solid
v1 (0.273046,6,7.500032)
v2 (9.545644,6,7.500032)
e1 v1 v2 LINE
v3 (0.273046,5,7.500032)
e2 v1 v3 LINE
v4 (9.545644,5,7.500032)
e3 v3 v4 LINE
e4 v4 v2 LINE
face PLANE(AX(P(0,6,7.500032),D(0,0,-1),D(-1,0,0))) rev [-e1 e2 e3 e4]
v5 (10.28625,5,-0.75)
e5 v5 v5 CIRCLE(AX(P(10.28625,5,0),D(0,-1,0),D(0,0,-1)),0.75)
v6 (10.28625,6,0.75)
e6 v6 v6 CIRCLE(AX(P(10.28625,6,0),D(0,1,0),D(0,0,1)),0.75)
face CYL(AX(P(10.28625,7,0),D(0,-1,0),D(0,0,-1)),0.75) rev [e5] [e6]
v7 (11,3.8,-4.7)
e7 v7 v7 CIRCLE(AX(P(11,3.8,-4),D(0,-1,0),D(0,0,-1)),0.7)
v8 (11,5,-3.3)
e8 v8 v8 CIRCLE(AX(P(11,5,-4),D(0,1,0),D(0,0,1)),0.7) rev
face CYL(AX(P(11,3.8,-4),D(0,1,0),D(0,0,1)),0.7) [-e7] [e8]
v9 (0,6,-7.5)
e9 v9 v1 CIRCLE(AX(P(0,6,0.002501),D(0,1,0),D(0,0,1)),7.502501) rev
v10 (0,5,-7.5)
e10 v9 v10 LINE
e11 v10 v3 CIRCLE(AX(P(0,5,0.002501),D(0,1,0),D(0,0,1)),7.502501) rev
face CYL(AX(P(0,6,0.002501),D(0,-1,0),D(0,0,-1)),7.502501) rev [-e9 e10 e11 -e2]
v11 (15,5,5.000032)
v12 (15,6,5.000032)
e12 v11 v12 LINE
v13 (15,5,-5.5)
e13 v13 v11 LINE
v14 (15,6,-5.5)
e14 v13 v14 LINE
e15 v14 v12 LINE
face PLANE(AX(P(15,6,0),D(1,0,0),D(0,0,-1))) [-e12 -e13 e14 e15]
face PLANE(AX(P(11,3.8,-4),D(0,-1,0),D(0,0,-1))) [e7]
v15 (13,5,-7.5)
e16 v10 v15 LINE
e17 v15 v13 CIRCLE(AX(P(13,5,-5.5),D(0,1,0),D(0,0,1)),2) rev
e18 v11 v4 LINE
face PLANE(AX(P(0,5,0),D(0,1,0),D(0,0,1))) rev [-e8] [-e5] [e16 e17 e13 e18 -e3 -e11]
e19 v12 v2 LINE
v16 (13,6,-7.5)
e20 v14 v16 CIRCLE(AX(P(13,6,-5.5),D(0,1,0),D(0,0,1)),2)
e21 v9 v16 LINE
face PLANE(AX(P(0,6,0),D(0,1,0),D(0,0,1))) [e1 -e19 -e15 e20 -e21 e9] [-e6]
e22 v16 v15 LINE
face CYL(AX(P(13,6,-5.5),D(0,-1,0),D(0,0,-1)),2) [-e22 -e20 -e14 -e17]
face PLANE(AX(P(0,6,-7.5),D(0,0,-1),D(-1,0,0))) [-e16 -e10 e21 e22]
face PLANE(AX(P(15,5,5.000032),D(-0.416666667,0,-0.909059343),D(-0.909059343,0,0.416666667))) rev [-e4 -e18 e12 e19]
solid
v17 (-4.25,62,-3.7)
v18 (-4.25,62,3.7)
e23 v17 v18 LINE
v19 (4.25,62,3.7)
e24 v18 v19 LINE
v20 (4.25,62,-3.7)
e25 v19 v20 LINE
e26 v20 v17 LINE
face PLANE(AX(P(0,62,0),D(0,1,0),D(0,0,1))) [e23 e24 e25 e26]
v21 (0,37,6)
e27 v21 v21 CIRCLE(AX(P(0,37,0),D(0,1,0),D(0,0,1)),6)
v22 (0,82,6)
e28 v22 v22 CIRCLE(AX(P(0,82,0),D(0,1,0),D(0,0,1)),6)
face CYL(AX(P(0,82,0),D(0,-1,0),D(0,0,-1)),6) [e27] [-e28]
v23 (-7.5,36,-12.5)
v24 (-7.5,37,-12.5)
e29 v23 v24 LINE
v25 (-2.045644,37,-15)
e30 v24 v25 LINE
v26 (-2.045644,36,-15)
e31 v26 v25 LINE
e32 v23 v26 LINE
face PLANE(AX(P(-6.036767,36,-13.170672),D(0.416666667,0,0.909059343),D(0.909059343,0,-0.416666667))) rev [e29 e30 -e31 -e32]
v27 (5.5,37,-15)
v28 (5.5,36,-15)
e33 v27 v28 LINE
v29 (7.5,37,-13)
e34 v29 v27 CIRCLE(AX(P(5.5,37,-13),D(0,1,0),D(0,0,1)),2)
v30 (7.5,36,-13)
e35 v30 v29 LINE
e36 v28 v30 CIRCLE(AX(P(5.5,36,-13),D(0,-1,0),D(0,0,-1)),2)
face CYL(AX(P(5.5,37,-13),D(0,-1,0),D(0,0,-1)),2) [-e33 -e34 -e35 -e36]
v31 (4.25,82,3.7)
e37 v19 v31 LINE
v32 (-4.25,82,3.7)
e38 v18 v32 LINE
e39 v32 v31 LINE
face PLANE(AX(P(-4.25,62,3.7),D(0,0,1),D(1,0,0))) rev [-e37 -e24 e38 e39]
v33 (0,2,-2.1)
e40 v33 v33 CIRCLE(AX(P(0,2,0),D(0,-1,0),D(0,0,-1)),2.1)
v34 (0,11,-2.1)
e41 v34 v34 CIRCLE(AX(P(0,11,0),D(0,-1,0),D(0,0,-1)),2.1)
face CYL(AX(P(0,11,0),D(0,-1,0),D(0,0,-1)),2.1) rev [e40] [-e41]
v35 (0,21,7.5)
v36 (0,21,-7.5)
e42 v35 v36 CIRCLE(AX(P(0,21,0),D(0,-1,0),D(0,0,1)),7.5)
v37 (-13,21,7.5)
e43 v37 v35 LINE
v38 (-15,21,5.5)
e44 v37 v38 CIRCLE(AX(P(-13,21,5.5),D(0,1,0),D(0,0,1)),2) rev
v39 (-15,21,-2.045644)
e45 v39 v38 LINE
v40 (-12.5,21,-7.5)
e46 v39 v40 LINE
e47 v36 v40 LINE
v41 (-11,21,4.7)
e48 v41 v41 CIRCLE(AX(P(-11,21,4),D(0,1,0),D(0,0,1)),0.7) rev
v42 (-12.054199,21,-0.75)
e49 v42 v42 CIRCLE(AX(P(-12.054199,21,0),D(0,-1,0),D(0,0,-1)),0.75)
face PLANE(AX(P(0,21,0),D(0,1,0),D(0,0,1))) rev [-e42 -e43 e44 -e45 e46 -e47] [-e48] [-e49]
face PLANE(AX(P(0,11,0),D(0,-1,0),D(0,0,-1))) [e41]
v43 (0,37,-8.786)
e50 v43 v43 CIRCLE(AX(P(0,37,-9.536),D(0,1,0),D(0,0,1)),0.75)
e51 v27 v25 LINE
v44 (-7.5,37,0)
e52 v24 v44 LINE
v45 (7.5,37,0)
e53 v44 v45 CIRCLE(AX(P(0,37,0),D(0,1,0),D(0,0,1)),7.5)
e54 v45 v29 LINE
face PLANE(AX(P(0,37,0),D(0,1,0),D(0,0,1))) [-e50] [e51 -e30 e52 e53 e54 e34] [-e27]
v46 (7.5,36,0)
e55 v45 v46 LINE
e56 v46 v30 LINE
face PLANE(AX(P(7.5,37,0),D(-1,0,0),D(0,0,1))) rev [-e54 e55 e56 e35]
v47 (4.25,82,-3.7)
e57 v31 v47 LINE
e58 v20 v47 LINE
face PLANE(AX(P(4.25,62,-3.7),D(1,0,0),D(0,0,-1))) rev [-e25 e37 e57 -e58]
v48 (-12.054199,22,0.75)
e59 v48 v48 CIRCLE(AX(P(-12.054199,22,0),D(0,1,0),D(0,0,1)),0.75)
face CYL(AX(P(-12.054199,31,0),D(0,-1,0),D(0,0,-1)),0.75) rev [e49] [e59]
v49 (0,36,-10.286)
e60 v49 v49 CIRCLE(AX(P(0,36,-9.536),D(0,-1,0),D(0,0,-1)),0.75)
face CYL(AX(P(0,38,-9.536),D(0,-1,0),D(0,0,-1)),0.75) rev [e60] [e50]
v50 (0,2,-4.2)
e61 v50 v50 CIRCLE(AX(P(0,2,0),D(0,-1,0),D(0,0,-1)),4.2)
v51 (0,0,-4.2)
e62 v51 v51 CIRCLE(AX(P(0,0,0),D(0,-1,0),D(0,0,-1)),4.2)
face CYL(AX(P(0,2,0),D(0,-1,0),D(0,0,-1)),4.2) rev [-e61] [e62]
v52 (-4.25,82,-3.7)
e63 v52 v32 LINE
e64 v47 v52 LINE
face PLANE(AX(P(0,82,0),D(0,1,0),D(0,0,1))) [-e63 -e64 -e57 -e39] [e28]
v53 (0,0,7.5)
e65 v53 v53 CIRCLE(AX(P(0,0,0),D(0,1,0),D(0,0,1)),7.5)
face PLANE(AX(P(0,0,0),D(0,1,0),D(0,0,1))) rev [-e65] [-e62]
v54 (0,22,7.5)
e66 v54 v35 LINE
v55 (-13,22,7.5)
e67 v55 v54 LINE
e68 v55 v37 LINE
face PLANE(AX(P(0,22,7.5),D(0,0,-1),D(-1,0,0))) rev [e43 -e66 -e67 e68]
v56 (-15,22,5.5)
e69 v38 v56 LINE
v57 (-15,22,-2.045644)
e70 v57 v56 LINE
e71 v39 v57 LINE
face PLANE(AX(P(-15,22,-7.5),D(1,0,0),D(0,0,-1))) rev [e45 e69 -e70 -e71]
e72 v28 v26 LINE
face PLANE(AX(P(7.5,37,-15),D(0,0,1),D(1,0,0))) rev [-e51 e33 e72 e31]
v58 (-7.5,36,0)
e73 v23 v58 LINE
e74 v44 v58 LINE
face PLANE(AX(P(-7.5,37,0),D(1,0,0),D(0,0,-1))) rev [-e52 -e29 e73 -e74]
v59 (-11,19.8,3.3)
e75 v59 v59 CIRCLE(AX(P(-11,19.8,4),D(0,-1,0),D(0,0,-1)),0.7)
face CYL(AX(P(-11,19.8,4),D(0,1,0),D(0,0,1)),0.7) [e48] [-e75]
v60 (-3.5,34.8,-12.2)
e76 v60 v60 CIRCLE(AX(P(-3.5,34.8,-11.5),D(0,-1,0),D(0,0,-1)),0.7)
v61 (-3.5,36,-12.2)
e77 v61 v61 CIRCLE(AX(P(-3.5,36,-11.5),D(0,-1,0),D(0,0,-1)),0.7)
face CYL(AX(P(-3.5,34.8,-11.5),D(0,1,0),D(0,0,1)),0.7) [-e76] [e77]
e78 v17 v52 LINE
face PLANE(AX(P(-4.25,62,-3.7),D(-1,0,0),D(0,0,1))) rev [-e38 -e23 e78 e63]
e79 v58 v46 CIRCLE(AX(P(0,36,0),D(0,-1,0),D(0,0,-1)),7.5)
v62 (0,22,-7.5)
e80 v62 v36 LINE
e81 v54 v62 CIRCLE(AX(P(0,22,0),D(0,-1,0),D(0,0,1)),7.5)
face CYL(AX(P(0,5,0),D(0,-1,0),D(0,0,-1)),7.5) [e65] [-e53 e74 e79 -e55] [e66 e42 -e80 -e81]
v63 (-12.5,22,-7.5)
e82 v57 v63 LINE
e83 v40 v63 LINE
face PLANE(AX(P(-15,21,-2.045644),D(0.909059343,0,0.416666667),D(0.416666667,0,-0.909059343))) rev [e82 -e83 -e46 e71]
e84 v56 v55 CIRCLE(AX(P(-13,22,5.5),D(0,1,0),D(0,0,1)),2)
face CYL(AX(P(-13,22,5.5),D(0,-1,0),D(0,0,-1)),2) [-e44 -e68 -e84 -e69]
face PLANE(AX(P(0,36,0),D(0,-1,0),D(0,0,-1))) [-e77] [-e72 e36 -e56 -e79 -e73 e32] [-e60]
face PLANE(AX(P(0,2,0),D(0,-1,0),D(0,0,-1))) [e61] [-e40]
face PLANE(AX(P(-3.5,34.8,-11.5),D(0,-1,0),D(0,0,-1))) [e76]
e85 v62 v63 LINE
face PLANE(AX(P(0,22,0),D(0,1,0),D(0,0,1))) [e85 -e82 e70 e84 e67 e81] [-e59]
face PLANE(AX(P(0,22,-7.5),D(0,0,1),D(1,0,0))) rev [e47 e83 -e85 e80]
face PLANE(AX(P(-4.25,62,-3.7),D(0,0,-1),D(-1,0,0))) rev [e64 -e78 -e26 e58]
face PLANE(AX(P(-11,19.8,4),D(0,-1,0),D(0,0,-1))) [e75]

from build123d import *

# Parameters (mm, degrees)
SKETCH1_R            = 7.5
BOSS_EXTRUDE6_DEPTH  = 5
BOSS_EXTRUDE7_DEPTH  = 1
SKETCH22_R           = 7.5
BOSS_EXTRUDE12_DEPTH = 8
SKETCH30_R           = 4.2
CUT_EXTRUDE8_DEPTH   = 2
SKETCH31_R           = 2.1
CUT_EXTRUDE9_DEPTH   = 9
SKETCH33_R           = 7.5
BOSS_EXTRUDE19_DEPTH = 8
BOSS_EXTRUDE20_DEPTH = 1
SKETCH35_R           = 7.5
BOSS_EXTRUDE21_DEPTH = 15
BOSS_EXTRUDE22_DEPTH = 1
SKETCH37_R           = 7.5
BOSS_EXTRUDE23_DEPTH = 1
SKETCH38_R           = 6
BOSS_EXTRUDE24_DEPTH = 45
CUT_EXTRUDE11_DEPTH  = 1
CUT_EXTRUDE12_DEPTH  = 1
CUT_EXTRUDE13_DEPTH  = 1
SKETCH44_W           = 8.5
SKETCH44_H           = 7.4
CUT_EXTRUDE19_DEPTH  = 20
FILLET3_R            = 2
FILLET4_R            = 2
FILLET5_R            = 2
SKETCH51_R           = 0.7
BOSS_EXTRUDE25_DEPTH = 1.2
SKETCH53_R           = 0.7
BOSS_EXTRUDE27_DEPTH = 1.2
SKETCH52_R           = 0.7
BOSS_EXTRUDE28_DEPTH = 1.2
SKETCH59_R           = 0.75
CUT_EXTRUDE23_DEPTH  = 2
SKETCH60_R           = 0.75
CUT_EXTRUDE25_DEPTH  = 2
SKETCH58_R           = 0.75
CUT_EXTRUDE29_DEPTH  = 10


with BuildPart() as part:
    # Sketch1 → Boss-Extrude6 (new body)
    with BuildSketch(Plane(origin=(0, 0, 0), x_dir=(1, 0, 0), z_dir=(0, 1, 0))):
        Circle(SKETCH1_R)
    extrude(amount=BOSS_EXTRUDE6_DEPTH)

    # Sketch22 → Boss-Extrude12 (add)
    with BuildSketch(Plane(origin=(0, 5, 0), x_dir=(1, 0, 0), z_dir=(0, 1, 0))):
        Circle(SKETCH22_R)
    extrude(amount=BOSS_EXTRUDE12_DEPTH)

    # Sketch30 → Cut-Extrude8 (cut)
    with BuildSketch(Plane.XZ):
        Circle(SKETCH30_R)
    extrude(amount=-CUT_EXTRUDE8_DEPTH, mode=Mode.SUBTRACT)

    # Sketch31 → Cut-Extrude9 (cut)
    with BuildSketch(Plane.XZ.offset(-2)):
        Circle(SKETCH31_R)
    extrude(amount=-CUT_EXTRUDE9_DEPTH, mode=Mode.SUBTRACT)

    # Sketch33 → Boss-Extrude19 (add)
    with BuildSketch(Plane(origin=(0, 13, 0), x_dir=(1, 0, 0), z_dir=(0, 1, 0))):
        Circle(SKETCH33_R)
    extrude(amount=BOSS_EXTRUDE19_DEPTH)



with BuildPart() as body_2:
    # Sketch16 → Boss-Extrude7 (new body)
    with BuildSketch(Plane(origin=(0, 5, 0), x_dir=(1, 0, 0), z_dir=(0, 1, 0))):
        with BuildLine():
            Line((15, 7.5), (0, 7.5))
            ThreePointArc((0, 7.5), (7.501258216, 0.134044682), (0.2730459, -7.500031508))
            Line((0.2730459, -7.500031508), (15, -7.500031508))
            Line((15, -7.500031508), (15, 7.5))
        make_face()
    extrude(amount=BOSS_EXTRUDE7_DEPTH)

    # Sketch41 → Cut-Extrude12 (cut)
    with BuildSketch(Plane(origin=(0, 6, 0), x_dir=(1, 0, 0), z_dir=(0, 1, 0))):
        Polygon((15, -5.000031508), (9.545643943, -7.500031508), (15, -7.500031508), align=None)
    extrude(amount=-CUT_EXTRUDE12_DEPTH, mode=Mode.SUBTRACT)

    # Fillet3
    fillet3_edges = [body_2.edges().sort_by_distance(p)[0] for p in [
        (15, 5.5, -7.5),
    ]]
    fillet(fillet3_edges, radius=FILLET3_R)

    # Sketch51 → Boss-Extrude25 (add)
    with BuildSketch(Plane.XZ.offset(-5)):
        with Locations((11, -4)):
            Circle(SKETCH51_R)
    extrude(amount=BOSS_EXTRUDE25_DEPTH)

    # Sketch60 → Cut-Extrude25 (cut)
    with BuildSketch(Plane.XZ.offset(-5)):
        with Locations((10.286249768, 0)):
            Circle(SKETCH60_R)
    extrude(amount=-CUT_EXTRUDE25_DEPTH, mode=Mode.SUBTRACT)


with BuildPart() as body_3:
    # Sketch34 → Boss-Extrude20 (new body)
    with BuildSketch(Plane(origin=(0, 21, 0), x_dir=(1, 0, 0), z_dir=(0, 1, 0))):
        with BuildLine():
            Line((0, 7.5), (-15, 7.5))
            Line((-15, 7.5), (-15, -7.5))
            Line((-15, -7.5), (0, -7.5))
            ThreePointArc((0, -7.5), (-7.5, 0), (0, 7.5))
        make_face()
    extrude(amount=BOSS_EXTRUDE20_DEPTH)


with BuildPart() as part_1:
    add(part.part)

    add(body_3.part)  # Boss-Extrude21 merges body 3
    # Sketch35 → Boss-Extrude21 (add)
    with BuildSketch(Plane(origin=(0, 21, 0), x_dir=(1, 0, 0), z_dir=(0, 1, 0))):
        Circle(SKETCH35_R)
    extrude(amount=BOSS_EXTRUDE21_DEPTH)



with BuildPart() as body_3_2:
    # Sketch36 → Boss-Extrude22 (new body)
    with BuildSketch(Plane(origin=(0, 36, 0), x_dir=(1, 0, 0), z_dir=(0, 1, 0))):
        with BuildLine():
            Line((7.5, 0), (7.5, 15))
            Line((7.5, 15), (-7.5, 15))
            Line((-7.5, 15), (-7.5, 0))
            ThreePointArc((-7.5, 0), (0, 7.5), (7.5, 0))
        make_face()
    extrude(amount=BOSS_EXTRUDE22_DEPTH)


with BuildPart() as part_2:
    add(part_1.part)

    add(body_3_2.part)  # Boss-Extrude23 merges body 3 2
    # Sketch37 → Boss-Extrude23 (add)
    with BuildSketch(Plane(origin=(0, 36, 0), x_dir=(1, 0, 0), z_dir=(0, 1, 0))):
        Circle(SKETCH37_R)
    extrude(amount=BOSS_EXTRUDE23_DEPTH)

    # Sketch38 → Boss-Extrude24 (add)
    with BuildSketch(Plane(origin=(0, 37, 0), x_dir=(1, 0, 0), z_dir=(0, 1, 0))):
        Circle(SKETCH38_R)
    extrude(amount=BOSS_EXTRUDE24_DEPTH)

    # Sketch40 → Cut-Extrude11 (cut)
    with BuildSketch(Plane(origin=(0, 37, 0), x_dir=(1, 0, 0), z_dir=(0, 1, 0))):
        Polygon((-7.5, 15), (-7.5, 12.5), (-2.045643943, 15), align=None)
    extrude(amount=-CUT_EXTRUDE11_DEPTH, mode=Mode.SUBTRACT)

    # Sketch42 → Cut-Extrude13 (cut)
    with BuildSketch(Plane(origin=(0, 22, 0), x_dir=(1, 0, 0), z_dir=(0, 1, 0))):
        Polygon((-15, 2.045643943), (-12.5, 7.5), (-15, 7.5), align=None)
    extrude(amount=-CUT_EXTRUDE13_DEPTH, mode=Mode.SUBTRACT)

    # Sketch44 → Cut-Extrude19 (cut)
    with BuildSketch(Plane(origin=(0, 82, 0), x_dir=(1, 0, 0), z_dir=(0, 1, 0))):
        Rectangle(SKETCH44_W, SKETCH44_H)
    extrude(amount=-CUT_EXTRUDE19_DEPTH, mode=Mode.SUBTRACT)

    # Fillet4
    fillet4_edges = [part_2.edges().sort_by_distance(p)[0] for p in [
        (-15, 21.5, 7.5),
    ]]
    fillet(fillet4_edges, radius=FILLET4_R)

    # Fillet5
    fillet5_edges = [part_2.edges().sort_by_distance(p)[0] for p in [
        (7.5, 36.5, -15),
    ]]
    fillet(fillet5_edges, radius=FILLET5_R)

    # Sketch53 → Boss-Extrude27 (add)
    with BuildSketch(Plane.XZ.offset(-36)):
        with Locations((-3.5, -11.5)):
            Circle(SKETCH53_R)
    extrude(amount=BOSS_EXTRUDE27_DEPTH)

    # Sketch52 → Boss-Extrude28 (add)
    with BuildSketch(Plane.XZ.offset(-21)):
        with Locations((-11, 4)):
            Circle(SKETCH52_R)
    extrude(amount=BOSS_EXTRUDE28_DEPTH)

    # Sketch59 → Cut-Extrude23 (cut)
    with BuildSketch(Plane.XZ.offset(-36)):
        with Locations((0, -9.535999741)):
            Circle(SKETCH59_R)
    extrude(amount=-CUT_EXTRUDE23_DEPTH, mode=Mode.SUBTRACT)

    # Sketch58 → Cut-Extrude29 (cut)
    with BuildSketch(Plane.XZ.offset(-21)):
        with Locations((-12.054198947, 0)):
            Circle(SKETCH58_R)
    extrude(amount=-CUT_EXTRUDE29_DEPTH, mode=Mode.SUBTRACT)


solid = Compound([body_2.part, part_2.part])
